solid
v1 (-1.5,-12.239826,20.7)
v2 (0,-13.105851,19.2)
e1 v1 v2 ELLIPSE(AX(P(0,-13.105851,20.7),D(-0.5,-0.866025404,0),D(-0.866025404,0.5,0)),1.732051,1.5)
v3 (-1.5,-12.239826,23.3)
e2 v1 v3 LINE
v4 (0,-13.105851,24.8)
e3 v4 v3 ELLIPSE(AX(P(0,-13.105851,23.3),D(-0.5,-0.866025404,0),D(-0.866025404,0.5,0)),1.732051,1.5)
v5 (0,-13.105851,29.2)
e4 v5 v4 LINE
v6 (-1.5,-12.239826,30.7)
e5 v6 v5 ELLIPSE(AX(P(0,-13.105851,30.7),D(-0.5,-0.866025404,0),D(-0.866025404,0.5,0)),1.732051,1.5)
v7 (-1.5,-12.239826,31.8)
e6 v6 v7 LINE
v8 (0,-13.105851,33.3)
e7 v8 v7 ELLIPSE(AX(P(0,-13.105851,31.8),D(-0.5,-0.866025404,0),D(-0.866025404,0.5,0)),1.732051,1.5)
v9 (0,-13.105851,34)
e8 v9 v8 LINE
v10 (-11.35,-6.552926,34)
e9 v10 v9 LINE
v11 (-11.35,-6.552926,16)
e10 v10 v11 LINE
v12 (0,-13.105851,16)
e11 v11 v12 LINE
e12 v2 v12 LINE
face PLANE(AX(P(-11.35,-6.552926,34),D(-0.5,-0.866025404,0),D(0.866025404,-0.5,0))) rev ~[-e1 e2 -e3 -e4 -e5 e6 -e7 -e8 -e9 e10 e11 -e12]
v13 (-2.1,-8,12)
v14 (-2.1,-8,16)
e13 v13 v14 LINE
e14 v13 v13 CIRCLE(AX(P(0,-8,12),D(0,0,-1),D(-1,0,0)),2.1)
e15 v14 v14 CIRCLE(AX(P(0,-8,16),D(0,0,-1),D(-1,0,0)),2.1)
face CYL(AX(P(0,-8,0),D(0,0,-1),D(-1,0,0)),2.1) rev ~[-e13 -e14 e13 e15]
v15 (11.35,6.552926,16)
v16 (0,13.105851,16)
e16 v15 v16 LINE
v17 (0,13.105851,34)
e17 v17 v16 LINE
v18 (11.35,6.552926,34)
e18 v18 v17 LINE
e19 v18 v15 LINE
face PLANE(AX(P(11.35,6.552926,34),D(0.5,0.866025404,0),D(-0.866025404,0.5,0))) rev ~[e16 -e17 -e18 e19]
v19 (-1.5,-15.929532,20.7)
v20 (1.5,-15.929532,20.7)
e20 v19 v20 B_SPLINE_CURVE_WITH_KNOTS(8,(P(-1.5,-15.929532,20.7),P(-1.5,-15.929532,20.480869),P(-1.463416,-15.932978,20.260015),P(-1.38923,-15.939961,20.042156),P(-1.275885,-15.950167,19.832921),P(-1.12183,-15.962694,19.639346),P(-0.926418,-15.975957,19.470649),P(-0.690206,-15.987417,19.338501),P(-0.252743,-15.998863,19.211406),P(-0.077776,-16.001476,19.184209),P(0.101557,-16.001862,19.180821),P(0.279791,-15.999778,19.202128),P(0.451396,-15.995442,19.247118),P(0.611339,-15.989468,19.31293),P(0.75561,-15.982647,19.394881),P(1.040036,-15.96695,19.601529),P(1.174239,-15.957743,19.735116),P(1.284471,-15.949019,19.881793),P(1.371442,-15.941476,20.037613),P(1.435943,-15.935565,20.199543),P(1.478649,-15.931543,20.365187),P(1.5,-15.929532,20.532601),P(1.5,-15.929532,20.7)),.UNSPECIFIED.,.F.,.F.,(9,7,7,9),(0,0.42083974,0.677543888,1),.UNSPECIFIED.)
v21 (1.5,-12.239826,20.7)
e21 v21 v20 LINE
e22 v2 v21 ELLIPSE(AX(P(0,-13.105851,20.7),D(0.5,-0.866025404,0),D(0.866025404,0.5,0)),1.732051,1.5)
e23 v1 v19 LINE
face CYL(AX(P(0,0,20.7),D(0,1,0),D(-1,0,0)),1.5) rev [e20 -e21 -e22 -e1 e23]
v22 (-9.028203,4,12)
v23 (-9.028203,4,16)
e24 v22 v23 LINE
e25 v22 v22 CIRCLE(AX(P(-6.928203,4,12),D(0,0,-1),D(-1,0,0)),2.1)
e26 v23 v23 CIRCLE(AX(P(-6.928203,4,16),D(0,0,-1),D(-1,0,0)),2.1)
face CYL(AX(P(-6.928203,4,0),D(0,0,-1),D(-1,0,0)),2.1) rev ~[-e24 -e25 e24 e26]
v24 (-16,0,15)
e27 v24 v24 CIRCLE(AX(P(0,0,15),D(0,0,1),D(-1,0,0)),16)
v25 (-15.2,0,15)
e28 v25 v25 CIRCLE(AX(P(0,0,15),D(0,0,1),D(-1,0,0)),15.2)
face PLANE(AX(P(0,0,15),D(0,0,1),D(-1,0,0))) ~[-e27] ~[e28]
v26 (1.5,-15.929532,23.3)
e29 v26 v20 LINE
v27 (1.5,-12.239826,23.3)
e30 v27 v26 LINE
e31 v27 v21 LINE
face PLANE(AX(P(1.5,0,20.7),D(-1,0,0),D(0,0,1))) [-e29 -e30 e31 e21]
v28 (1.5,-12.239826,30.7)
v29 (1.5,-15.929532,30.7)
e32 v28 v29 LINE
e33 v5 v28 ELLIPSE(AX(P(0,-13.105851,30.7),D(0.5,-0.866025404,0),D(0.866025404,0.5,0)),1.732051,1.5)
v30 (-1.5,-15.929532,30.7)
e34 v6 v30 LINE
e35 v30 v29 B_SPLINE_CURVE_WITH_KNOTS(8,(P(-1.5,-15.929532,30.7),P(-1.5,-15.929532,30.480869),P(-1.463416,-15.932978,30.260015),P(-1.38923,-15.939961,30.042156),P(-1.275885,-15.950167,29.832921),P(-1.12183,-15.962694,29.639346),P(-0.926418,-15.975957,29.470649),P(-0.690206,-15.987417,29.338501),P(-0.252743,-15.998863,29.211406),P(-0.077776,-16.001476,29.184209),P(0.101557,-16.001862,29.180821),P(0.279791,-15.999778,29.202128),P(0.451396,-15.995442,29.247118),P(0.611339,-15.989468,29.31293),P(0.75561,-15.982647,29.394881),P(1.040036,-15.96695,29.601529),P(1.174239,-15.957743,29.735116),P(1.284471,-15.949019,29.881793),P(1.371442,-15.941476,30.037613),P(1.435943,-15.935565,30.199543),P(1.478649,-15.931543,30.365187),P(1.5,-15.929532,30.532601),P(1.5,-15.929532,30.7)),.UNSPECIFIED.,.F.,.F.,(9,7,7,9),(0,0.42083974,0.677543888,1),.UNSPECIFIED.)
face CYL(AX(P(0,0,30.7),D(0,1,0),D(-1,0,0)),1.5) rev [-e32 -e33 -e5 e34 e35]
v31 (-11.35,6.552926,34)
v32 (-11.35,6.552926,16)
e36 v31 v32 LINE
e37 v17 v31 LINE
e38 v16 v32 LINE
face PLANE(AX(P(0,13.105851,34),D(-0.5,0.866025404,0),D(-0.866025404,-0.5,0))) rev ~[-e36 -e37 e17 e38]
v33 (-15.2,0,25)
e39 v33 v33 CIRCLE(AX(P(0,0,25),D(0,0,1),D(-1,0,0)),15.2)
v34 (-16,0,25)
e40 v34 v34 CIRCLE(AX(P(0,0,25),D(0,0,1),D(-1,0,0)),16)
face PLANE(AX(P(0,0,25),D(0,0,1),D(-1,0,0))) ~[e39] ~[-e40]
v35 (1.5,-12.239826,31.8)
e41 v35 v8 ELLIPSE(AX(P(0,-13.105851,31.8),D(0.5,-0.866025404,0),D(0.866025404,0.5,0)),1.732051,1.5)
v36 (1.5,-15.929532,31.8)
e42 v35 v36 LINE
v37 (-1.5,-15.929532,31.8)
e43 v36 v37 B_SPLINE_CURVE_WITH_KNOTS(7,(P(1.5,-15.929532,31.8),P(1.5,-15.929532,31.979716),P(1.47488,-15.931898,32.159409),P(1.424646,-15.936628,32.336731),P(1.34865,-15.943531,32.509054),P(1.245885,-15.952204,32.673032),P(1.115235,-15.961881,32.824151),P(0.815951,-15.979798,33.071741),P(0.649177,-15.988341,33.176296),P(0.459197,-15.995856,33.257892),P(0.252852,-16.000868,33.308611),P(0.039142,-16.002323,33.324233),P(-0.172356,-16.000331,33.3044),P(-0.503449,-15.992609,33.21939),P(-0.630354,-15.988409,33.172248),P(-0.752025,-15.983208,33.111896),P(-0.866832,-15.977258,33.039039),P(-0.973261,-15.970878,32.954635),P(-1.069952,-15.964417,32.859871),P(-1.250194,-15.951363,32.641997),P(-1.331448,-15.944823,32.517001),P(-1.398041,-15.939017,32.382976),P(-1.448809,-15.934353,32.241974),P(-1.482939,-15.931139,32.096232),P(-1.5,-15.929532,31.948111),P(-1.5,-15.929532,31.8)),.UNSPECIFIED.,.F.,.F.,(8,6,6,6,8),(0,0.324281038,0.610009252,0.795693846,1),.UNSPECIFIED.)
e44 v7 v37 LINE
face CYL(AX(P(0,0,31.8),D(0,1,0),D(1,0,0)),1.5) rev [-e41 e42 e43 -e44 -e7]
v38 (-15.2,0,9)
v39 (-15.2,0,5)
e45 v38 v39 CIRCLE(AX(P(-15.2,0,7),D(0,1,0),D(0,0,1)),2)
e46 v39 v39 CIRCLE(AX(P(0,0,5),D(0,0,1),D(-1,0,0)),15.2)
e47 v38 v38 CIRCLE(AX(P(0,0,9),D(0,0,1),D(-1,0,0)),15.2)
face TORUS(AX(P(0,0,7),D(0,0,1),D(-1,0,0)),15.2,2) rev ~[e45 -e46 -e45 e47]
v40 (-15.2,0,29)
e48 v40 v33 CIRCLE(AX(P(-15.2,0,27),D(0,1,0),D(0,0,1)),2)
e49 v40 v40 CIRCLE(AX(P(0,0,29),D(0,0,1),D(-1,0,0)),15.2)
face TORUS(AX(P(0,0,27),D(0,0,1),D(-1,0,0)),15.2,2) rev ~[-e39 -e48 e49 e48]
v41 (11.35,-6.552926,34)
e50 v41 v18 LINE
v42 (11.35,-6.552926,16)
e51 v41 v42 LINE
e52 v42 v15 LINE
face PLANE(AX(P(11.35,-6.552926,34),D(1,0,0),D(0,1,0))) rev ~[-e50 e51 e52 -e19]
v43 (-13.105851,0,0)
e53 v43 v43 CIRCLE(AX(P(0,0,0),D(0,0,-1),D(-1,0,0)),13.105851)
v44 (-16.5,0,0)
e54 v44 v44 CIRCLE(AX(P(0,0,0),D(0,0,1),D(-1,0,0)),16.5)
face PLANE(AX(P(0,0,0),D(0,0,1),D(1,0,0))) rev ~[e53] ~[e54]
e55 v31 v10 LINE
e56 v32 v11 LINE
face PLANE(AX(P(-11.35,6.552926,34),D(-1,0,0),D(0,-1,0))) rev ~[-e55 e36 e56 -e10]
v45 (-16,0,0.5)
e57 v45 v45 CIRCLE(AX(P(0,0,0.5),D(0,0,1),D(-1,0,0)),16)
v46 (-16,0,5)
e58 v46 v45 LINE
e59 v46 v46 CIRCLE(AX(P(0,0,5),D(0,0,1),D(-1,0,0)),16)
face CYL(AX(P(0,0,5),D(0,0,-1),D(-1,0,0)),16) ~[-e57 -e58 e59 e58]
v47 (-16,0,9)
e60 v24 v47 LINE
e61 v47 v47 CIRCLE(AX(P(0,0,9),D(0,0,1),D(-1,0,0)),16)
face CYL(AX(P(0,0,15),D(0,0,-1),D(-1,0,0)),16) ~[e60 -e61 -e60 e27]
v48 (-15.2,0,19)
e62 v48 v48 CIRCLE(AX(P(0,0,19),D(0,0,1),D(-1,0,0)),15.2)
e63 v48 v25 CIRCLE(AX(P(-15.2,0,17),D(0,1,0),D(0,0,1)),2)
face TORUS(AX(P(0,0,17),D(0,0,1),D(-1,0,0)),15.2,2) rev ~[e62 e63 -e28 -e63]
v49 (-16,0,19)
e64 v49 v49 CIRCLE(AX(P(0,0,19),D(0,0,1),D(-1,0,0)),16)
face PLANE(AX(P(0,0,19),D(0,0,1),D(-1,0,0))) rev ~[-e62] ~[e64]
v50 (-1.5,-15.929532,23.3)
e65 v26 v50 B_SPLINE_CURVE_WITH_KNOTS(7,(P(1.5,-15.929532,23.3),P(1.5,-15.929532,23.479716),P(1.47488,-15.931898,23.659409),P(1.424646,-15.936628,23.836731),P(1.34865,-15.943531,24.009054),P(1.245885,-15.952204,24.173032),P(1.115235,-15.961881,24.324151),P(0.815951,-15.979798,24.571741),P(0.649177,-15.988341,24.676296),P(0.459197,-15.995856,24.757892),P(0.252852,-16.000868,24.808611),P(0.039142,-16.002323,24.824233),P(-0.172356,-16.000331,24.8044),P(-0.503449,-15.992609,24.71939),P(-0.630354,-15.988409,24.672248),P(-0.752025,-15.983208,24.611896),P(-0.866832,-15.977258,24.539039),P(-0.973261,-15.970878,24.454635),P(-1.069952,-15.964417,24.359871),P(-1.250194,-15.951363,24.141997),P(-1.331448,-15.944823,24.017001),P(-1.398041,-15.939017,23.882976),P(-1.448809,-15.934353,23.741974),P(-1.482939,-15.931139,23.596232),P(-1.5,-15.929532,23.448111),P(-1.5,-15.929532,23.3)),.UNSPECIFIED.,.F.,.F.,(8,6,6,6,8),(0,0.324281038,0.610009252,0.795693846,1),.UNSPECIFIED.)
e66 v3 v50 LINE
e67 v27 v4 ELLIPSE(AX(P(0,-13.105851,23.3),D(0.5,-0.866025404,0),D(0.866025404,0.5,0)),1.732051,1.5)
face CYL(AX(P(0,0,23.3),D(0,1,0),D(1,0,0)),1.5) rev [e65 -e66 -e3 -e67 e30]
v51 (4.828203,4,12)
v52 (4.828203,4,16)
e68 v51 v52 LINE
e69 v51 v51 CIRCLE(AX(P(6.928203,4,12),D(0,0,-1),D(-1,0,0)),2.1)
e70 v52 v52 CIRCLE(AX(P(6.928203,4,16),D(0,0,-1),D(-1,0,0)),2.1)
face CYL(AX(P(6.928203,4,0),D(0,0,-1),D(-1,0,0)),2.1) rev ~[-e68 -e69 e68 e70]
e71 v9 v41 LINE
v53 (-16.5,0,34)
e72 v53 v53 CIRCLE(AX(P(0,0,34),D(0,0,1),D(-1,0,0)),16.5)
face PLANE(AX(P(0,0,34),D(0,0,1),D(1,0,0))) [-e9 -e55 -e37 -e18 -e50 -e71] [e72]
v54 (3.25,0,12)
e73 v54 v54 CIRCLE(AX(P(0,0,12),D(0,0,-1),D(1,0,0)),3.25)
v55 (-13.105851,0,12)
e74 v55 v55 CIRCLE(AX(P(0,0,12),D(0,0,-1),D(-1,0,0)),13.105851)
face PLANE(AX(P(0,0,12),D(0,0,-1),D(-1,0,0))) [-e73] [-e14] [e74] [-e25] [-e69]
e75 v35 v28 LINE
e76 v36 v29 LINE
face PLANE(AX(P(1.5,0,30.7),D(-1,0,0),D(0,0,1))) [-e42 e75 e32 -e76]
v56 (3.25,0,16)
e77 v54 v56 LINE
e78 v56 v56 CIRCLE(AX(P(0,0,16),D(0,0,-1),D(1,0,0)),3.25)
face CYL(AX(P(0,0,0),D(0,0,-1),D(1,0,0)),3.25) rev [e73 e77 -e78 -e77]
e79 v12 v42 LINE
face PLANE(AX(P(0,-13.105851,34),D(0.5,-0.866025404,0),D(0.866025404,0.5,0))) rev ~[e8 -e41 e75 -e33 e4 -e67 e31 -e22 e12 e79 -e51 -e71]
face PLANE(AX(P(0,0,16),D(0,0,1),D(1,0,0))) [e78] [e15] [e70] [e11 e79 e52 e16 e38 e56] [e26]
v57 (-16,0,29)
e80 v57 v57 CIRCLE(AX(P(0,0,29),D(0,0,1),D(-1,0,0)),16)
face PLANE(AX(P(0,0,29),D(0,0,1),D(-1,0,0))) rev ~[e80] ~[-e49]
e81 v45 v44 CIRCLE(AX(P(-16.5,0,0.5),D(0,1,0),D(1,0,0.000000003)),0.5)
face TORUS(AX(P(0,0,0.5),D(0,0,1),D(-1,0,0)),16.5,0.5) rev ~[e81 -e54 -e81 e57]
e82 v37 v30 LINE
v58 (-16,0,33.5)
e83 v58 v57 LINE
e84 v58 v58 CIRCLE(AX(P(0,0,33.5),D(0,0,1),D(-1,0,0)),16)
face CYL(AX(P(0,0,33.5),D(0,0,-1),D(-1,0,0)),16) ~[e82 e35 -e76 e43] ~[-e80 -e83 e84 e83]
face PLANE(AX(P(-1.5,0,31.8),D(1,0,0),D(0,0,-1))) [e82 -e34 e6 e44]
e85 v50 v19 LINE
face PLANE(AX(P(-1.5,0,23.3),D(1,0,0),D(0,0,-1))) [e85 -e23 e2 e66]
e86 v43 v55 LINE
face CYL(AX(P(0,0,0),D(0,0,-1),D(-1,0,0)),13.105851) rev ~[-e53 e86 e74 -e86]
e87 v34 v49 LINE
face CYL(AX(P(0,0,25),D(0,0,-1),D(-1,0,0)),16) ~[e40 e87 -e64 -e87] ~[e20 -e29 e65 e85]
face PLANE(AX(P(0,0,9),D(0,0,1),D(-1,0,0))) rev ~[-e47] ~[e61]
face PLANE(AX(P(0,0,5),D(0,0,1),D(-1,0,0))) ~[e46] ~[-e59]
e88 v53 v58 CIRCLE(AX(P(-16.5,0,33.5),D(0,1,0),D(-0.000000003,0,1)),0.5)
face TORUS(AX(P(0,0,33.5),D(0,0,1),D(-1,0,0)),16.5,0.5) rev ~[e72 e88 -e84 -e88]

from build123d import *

# Parameters (mm, degrees)
ESQUISSE1_R              = 17
ESQUISSE1_R_2            = 3.25
BOSS_EXTRU_1_DEPTH       = 34
ENL_V_MAT_EXTRU_9_DEPTH  = 18
ESQUISSE11_R             = 2.1
ENL_V_MAT_EXTRU_10_DEPTH = 42.641325627
ESQUISSE12_R             = 4.25
ENL_V_MAT_EXTRU_11_DEPTH = 4
ESQUISSE14_R             = 13.105851111
ENL_V_MAT_EXTRU_12_DEPTH = 12
ENL_V_MAT_EXTRU_13_DEPTH = 42.237119201


with BuildPart() as part:
    # Esquisse1 → Boss.-Extru.1 (new body)
    with BuildSketch(Plane.XY):
        Circle(ESQUISSE1_R)
        Circle(ESQUISSE1_R_2, mode=Mode.SUBTRACT)
    extrude(amount=BOSS_EXTRU_1_DEPTH)

    # Esquisse9 → Enlèv. mat.-Extru.9 (cut)
    with BuildSketch(Plane.XY.offset(34)):
        Polygon((11.35, -6.552925555), (11.35, 6.552925555), (0, 13.105851111), (-11.35, 6.552925555), (-11.35, -6.552925555), (0, -13.105851111), align=None)
    extrude(amount=-ENL_V_MAT_EXTRU_9_DEPTH, mode=Mode.SUBTRACT)

    # Esquisse11 → Enlèv. mat.-Extru.10 (cut, through all)
    with BuildSketch(Plane(origin=(0, 0, 0), x_dir=(-1, 0, 0), z_dir=(0, 0, -1))):
        with Locations((-6.92820323, 4)):
            Circle(ESQUISSE11_R)
        with Locations((6.92820323, 4)):
            Circle(ESQUISSE11_R)
        with Locations((0, -8)):
            Circle(ESQUISSE11_R)
    extrude(amount=-ENL_V_MAT_EXTRU_10_DEPTH, mode=Mode.SUBTRACT)

    # Esquisse12 → Enlèv. mat.-Extru.11 (cut)
    with BuildSketch(Plane(origin=(0, 0, 0), x_dir=(-1, 0, 0), z_dir=(0, 0, -1))):
        with Locations((-6.92820323, 4)):
            Circle(ESQUISSE12_R)
        with Locations((6.92820323, 4)):
            Circle(ESQUISSE12_R)
        with Locations((0, -8)):
            Circle(ESQUISSE12_R)
    extrude(amount=-ENL_V_MAT_EXTRU_11_DEPTH, mode=Mode.SUBTRACT)

    # Esquisse13 → Enlèvement de matière-Révolution1 (revolve, cut)
    with BuildSketch(Plane(origin=(0, 0, 0), x_dir=(1, 0, 0), z_dir=(0, 1, 0))):
        with BuildLine():
            Line((-17, -34), (-16.5, -34))
            ThreePointArc((-16.5, -34), (-16.146446609, -33.853553391), (-16, -33.5))
            Line((-16, -33.5), (-16, -29))
            Line((-16, -29), (-15.2, -29))
            ThreePointArc((-15.2, -29), (-13.2, -27), (-15.2, -25))
            Line((-15.2, -25), (-16, -25))
            Line((-16, -25), (-16, -19))
            Line((-16, -19), (-15.2, -19))
            ThreePointArc((-15.2, -19), (-13.2, -17), (-15.2, -15))
            Line((-15.2, -15), (-16, -15))
            Line((-16, -15), (-16, -9))
            Line((-16, -9), (-15.2, -9))
            ThreePointArc((-15.2, -9), (-13.2, -7), (-15.2, -5))
            Line((-15.2, -5), (-16, -5))
            Line((-16, -5), (-16, -0.5))
            ThreePointArc((-16, -0.5), (-16.146446609, -0.146446609), (-16.5, 0))
            Line((-16.5, 0), (-17, 0))
            Line((-17, 0), (-17, -34))
        make_face()
    revolve(axis=Axis((0, 0, 0), (0, 0, 1)), mode=Mode.SUBTRACT)

    # Esquisse14 → Enlèv. mat.-Extru.12 (cut)
    with BuildSketch(Plane(origin=(0, 0, 0), x_dir=(-1, 0, 0), z_dir=(0, 0, -1))):
        Circle(ESQUISSE14_R)
    extrude(amount=-ENL_V_MAT_EXTRU_12_DEPTH, mode=Mode.SUBTRACT)

    # Esquisse15 → Enlèv. mat.-Extru.13 (cut, through all)
    with BuildSketch(Plane(origin=(0, 0, 0), x_dir=(1, 0, 0), z_dir=(0, 1, 0))):
        with BuildLine():
            Line((1.5, -20.7), (1.5, -23.3))
            ThreePointArc((1.5, -23.3), (0, -24.8), (-1.5, -23.3))
            Line((-1.5, -23.3), (-1.5, -20.7))
            ThreePointArc((-1.5, -20.7), (0, -19.2), (1.5, -20.7))
        make_face()
        with BuildLine():
            Line((1.5, -30.7), (1.5, -31.8))
            ThreePointArc((1.5, -31.8), (0, -33.3), (-1.5, -31.8))
            Line((-1.5, -31.8), (-1.5, -30.7))
            ThreePointArc((-1.5, -30.7), (0, -29.2), (1.5, -30.7))
        make_face()
    extrude(amount=-ENL_V_MAT_EXTRU_13_DEPTH, mode=Mode.SUBTRACT)


solid = part.part
